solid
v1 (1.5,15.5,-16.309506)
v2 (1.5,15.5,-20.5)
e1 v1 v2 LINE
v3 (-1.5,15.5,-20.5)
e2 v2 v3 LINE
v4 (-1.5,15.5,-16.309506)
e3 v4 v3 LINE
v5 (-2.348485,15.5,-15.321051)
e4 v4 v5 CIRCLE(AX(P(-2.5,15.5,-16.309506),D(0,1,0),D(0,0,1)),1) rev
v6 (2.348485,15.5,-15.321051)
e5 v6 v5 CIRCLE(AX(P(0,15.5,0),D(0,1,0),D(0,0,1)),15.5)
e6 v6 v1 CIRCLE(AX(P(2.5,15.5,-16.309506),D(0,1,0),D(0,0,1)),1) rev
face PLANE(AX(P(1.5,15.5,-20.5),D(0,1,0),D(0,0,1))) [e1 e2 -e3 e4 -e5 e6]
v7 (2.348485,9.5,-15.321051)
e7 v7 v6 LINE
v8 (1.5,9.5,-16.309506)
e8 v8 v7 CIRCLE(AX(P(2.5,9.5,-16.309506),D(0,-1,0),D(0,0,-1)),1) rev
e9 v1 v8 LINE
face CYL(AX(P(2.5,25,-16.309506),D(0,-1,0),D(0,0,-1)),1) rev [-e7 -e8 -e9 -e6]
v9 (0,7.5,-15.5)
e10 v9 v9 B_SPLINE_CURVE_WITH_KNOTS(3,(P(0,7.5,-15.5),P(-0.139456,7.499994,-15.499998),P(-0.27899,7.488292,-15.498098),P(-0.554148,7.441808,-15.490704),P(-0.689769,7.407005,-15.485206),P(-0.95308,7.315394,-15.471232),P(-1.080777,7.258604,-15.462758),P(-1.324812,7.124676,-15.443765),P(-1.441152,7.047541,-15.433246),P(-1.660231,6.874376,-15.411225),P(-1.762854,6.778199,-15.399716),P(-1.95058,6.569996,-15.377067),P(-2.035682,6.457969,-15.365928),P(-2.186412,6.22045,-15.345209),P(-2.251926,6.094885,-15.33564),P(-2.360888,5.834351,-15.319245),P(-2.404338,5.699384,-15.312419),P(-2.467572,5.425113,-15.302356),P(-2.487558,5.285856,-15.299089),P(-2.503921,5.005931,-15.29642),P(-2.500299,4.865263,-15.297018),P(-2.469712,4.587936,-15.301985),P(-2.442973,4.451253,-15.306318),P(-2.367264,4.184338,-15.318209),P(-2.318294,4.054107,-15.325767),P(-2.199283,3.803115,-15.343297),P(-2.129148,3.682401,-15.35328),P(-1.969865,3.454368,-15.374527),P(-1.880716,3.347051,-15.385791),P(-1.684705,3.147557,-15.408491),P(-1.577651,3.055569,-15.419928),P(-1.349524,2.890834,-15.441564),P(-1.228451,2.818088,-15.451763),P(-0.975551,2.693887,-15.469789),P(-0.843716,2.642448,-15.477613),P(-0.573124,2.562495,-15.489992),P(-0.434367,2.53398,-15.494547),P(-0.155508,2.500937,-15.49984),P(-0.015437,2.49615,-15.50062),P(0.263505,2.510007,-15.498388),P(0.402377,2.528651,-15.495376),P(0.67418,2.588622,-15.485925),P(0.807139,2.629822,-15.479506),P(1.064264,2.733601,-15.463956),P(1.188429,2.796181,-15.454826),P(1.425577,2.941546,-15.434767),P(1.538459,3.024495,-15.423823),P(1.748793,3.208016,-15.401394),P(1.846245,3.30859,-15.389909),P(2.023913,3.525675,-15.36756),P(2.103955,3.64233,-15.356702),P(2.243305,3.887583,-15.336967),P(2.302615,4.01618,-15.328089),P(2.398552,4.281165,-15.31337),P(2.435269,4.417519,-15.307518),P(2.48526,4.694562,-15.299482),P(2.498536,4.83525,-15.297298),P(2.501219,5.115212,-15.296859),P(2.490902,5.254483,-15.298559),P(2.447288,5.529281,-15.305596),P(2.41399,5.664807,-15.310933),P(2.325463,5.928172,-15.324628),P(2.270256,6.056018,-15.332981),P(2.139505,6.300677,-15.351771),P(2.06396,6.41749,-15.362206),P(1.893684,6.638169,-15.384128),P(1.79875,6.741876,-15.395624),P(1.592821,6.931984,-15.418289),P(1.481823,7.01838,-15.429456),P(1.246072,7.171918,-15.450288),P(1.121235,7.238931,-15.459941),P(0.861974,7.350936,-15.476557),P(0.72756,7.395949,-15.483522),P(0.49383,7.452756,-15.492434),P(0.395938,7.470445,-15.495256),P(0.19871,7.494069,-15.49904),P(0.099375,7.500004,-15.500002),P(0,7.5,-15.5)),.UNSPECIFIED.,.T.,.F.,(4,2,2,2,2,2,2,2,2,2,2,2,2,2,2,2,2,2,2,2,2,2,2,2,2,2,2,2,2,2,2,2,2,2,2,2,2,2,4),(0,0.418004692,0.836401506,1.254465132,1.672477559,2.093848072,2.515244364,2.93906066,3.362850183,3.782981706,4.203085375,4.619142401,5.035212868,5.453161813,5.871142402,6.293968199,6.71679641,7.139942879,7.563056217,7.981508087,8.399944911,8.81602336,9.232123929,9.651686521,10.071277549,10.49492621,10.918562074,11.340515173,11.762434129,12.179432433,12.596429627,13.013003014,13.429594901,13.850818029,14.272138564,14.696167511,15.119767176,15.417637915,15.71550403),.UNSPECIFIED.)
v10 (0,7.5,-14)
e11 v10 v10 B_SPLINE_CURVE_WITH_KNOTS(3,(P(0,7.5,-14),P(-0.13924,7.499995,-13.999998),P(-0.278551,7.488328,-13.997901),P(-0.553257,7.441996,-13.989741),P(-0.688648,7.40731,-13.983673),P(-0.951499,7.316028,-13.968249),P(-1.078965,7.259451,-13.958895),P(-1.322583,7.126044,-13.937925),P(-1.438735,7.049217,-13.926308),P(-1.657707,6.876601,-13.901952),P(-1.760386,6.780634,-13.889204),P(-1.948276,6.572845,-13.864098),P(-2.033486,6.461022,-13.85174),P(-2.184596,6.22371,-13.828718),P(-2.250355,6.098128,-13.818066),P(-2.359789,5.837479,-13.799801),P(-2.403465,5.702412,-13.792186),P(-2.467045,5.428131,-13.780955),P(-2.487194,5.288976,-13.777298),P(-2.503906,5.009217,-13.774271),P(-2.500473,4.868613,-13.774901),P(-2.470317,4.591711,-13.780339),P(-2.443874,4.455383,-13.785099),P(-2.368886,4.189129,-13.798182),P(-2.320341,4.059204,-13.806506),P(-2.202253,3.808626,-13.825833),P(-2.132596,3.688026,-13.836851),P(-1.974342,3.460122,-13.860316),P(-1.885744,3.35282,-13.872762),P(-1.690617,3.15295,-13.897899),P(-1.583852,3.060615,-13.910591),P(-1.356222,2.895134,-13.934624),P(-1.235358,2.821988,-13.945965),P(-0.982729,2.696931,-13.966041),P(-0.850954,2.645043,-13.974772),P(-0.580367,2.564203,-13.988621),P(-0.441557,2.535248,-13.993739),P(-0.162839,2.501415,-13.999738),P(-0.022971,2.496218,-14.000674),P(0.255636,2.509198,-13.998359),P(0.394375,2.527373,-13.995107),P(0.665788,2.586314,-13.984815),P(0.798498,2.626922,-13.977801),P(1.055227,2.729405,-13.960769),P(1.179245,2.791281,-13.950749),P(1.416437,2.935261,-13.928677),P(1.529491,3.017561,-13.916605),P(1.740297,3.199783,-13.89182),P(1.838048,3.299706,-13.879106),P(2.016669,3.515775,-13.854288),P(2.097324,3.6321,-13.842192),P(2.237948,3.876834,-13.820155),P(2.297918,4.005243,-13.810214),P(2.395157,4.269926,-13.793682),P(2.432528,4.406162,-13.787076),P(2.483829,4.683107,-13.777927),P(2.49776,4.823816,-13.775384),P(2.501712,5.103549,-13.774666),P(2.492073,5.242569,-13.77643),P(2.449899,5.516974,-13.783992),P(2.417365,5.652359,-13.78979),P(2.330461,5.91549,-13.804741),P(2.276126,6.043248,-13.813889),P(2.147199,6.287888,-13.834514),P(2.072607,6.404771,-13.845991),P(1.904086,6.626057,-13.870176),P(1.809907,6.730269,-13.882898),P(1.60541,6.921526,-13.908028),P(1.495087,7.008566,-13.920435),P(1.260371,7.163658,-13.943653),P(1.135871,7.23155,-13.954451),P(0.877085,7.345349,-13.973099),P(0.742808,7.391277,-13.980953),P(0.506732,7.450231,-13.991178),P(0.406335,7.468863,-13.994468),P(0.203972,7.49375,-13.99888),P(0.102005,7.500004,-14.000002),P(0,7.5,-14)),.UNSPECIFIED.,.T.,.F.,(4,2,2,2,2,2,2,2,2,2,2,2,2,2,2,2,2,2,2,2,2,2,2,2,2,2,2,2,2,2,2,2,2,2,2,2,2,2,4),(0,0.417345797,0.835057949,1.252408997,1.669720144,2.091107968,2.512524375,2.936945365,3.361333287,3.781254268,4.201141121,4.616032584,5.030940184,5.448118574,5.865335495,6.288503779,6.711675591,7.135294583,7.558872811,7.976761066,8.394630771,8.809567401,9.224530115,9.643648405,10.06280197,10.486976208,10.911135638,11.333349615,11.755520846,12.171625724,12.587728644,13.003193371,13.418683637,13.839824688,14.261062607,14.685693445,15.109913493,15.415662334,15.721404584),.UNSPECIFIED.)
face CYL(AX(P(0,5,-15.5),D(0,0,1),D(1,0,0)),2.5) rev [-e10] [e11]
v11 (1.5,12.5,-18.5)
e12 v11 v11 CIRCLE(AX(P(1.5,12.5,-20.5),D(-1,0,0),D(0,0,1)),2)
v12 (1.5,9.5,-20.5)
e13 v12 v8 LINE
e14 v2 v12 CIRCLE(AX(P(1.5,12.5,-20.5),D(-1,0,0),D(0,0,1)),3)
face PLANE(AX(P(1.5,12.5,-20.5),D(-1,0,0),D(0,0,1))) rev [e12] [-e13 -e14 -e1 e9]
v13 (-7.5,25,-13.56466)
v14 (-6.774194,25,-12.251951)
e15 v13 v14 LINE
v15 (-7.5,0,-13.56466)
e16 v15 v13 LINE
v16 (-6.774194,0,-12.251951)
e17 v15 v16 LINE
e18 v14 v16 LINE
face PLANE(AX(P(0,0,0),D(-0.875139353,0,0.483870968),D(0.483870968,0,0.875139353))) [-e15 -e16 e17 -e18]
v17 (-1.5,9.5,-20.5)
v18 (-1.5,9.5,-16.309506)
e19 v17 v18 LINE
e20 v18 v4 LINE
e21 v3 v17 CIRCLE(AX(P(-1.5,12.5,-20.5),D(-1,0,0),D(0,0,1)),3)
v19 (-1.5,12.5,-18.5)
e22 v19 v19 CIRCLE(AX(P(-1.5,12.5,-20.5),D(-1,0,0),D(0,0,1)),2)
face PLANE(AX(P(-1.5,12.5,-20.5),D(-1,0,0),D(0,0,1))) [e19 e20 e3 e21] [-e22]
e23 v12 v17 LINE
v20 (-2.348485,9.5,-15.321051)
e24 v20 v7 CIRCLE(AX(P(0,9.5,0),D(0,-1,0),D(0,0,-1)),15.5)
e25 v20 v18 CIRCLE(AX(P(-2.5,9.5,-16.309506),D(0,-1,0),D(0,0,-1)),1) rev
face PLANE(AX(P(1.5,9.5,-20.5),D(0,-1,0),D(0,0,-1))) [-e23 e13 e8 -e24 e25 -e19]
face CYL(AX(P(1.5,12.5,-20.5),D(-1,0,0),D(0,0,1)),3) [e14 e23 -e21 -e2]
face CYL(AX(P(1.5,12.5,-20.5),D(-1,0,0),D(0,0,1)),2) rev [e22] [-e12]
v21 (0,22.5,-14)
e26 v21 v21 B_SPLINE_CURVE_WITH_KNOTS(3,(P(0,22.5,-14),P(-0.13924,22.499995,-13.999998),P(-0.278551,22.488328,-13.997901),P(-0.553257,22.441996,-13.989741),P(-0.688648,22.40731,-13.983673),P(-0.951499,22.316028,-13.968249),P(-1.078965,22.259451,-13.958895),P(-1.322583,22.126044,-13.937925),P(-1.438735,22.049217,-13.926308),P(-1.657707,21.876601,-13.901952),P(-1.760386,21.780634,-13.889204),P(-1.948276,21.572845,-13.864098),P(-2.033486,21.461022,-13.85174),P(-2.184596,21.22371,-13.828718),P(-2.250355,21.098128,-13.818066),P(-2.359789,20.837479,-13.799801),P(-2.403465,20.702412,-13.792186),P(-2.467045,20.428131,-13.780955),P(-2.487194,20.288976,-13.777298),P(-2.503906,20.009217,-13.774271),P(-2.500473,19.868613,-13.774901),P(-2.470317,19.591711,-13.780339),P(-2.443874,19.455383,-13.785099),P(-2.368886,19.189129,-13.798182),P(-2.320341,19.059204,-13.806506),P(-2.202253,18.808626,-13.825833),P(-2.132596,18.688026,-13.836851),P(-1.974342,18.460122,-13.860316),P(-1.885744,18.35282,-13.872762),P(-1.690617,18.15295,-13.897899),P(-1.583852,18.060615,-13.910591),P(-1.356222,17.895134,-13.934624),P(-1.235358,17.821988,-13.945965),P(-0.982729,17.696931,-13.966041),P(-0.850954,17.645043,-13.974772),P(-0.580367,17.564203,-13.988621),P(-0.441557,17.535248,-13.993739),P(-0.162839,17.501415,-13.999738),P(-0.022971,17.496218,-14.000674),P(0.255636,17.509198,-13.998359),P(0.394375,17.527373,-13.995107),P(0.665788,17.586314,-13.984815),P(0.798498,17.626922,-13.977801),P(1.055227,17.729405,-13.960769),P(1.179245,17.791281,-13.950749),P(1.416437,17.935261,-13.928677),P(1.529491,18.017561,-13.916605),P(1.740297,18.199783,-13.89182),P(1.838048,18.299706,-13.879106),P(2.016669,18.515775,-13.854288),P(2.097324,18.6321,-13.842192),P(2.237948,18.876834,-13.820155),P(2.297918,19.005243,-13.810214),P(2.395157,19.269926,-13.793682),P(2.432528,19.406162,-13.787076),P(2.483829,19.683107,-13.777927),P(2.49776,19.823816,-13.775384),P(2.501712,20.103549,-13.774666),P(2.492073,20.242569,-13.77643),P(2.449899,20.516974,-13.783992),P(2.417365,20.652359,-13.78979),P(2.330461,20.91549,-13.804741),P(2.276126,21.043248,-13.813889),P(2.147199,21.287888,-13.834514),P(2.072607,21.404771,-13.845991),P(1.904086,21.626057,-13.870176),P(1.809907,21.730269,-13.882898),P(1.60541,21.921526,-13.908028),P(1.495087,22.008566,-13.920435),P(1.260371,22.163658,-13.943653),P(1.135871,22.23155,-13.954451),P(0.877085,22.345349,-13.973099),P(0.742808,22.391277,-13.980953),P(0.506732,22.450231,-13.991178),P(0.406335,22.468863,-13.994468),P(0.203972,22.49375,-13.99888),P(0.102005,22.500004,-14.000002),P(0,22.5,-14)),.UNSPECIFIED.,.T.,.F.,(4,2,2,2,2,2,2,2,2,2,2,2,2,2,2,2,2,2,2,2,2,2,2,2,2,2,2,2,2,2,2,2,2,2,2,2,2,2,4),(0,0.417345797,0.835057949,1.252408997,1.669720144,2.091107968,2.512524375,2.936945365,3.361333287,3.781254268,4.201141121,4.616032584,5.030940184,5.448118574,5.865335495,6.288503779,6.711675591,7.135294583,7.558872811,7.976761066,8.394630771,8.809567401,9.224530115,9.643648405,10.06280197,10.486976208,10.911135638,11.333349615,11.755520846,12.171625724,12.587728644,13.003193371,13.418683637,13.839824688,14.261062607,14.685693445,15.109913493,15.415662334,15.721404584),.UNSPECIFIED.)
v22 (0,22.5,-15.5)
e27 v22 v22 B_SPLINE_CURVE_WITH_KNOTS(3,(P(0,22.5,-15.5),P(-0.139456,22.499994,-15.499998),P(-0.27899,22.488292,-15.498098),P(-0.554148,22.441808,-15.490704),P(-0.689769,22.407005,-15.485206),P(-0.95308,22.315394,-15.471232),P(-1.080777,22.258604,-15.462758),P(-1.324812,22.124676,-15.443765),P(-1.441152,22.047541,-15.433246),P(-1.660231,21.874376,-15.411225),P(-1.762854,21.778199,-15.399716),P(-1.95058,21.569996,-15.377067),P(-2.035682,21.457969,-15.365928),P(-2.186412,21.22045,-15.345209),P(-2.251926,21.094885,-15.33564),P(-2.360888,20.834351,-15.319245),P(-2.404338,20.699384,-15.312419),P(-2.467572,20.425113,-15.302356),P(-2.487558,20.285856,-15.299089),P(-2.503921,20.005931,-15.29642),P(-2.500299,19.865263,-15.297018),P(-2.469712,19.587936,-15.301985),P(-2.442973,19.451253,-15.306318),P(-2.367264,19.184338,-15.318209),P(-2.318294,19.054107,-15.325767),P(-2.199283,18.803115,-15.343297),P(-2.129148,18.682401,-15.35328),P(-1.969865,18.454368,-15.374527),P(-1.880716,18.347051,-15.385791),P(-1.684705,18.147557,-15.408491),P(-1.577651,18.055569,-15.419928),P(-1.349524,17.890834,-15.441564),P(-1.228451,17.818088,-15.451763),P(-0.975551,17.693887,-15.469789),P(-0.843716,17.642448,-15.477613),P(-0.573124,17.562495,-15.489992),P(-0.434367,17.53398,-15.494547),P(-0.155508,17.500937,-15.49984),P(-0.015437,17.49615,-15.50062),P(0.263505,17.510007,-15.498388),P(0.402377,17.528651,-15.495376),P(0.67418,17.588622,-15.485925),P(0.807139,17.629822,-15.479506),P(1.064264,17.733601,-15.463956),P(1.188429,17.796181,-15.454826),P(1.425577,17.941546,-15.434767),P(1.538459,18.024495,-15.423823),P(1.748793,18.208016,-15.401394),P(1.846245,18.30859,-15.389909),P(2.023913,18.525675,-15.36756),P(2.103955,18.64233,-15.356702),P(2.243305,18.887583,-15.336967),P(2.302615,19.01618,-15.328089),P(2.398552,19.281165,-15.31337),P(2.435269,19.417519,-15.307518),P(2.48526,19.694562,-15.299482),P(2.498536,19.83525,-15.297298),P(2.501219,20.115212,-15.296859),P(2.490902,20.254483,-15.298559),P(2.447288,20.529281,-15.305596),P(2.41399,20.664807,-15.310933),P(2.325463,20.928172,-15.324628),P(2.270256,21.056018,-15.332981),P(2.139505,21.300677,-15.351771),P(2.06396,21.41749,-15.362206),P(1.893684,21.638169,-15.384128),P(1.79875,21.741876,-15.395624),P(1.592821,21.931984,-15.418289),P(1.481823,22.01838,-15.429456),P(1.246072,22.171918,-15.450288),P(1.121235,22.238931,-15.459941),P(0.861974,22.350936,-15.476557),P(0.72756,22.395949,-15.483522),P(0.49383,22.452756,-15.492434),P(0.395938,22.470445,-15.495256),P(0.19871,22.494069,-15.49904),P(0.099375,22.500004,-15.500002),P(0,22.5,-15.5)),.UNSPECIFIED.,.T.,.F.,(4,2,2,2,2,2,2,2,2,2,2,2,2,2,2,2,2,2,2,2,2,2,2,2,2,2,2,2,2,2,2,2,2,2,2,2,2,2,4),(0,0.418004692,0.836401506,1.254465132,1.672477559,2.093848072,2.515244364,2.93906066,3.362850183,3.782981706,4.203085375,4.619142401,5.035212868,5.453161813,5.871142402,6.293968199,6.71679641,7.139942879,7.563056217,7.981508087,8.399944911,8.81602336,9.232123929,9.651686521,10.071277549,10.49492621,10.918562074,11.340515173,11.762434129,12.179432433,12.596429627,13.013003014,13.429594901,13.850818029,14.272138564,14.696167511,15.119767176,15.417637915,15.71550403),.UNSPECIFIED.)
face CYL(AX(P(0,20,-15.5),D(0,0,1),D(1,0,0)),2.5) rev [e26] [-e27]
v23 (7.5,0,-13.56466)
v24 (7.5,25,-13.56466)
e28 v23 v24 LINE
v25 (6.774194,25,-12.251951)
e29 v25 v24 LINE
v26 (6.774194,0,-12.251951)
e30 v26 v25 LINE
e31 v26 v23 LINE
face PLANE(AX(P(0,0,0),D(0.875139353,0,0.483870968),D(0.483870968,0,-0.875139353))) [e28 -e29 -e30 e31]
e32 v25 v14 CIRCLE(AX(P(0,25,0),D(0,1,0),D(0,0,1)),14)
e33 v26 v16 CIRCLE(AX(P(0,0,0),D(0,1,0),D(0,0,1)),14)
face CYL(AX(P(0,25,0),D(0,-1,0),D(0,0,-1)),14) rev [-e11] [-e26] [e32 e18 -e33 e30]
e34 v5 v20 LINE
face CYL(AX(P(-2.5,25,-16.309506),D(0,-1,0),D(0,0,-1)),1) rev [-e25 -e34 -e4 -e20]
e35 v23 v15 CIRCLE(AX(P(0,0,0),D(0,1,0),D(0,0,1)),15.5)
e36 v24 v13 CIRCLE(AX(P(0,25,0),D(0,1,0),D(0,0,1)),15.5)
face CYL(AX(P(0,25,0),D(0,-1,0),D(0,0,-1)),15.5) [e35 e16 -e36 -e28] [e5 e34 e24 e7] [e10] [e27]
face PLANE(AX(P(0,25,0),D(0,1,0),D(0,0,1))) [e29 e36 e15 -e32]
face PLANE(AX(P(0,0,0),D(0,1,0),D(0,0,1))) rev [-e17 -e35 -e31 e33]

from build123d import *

# Parameters (mm, degrees)
SKETCH2_R                = 15.5
SKETCH2_R_2              = 14
BOSS_EXTRUDE1_DEPTH      = 25
SKETCH3_OUTSIDE_W        = 43.094
SKETCH3_OUTSIDE_H        = 43.094
CUT_EXTRUDE1_DEPTH       = 34.249060137
SKETCH5_R                = 2.5
CUT_EXTRUDE2_DEPTH       = 31.356218473
BOSS_EXTRUDE2_DEPTH      = 1.5
BOSS_EXTRUDE2_DEPTH_BACK = 1.5
SKETCH6_R                = 2
FILLET1_R                = 1


with BuildPart() as part:
    # Sketch2 → Boss-Extrude1 (new body)
    with BuildSketch(Plane(origin=(0, 0, 0), x_dir=(1, 0, 0), z_dir=(0, 1, 0))):
        Circle(SKETCH2_R)
        Circle(SKETCH2_R_2, mode=Mode.SUBTRACT)
    extrude(amount=BOSS_EXTRUDE1_DEPTH)

    # Sketch3 outside → Cut-Extrude1 (cut, through all)
    with BuildSketch(Plane(origin=(0, 25, 0), x_dir=(1, 0, 0), z_dir=(0, 1, 0))):
        Rectangle(SKETCH3_OUTSIDE_W, SKETCH3_OUTSIDE_H)
        with BuildLine():
            Line((0, 0), (7.5, 13.564659966))
            ThreePointArc((7.5, 13.564659966), (0, 15.5), (-7.5, 13.564659966))
            Line((-7.5, 13.564659966), (0, 0))
        make_face(mode=Mode.SUBTRACT)
    extrude(amount=-CUT_EXTRUDE1_DEPTH, mode=Mode.SUBTRACT)

    # Sketch5 → Cut-Extrude2 (cut, through all)
    with BuildSketch(Plane.XY):
        with Locations((0, 20)):
            Circle(SKETCH5_R)
        with Locations((0, 5)):
            Circle(SKETCH5_R)
    extrude(amount=-CUT_EXTRUDE2_DEPTH, mode=Mode.SUBTRACT)

    # Sketch6 → Boss-Extrude2 (add, two sides: drawn at the far end of the back side and taken through both)
    with BuildSketch(Plane(origin=(0, 7.5, 0), x_dir=(0, 1, 0), z_dir=(-1, 0, 0)).offset(-BOSS_EXTRUDE2_DEPTH_BACK)):
        with BuildLine():
            Line((2, 20.5), (2, 15.25))
            Line((2, 15.25), (8, 15.25))
            Line((8, 15.25), (8, 20.5))
            ThreePointArc((8, 20.5), (5, 23.5), (2, 20.5))
        make_face()
        with Locations((5, 20.5)):
            Circle(SKETCH6_R, mode=Mode.SUBTRACT)
    extrude(amount=BOSS_EXTRUDE2_DEPTH + BOSS_EXTRUDE2_DEPTH_BACK)

    # Fillet1
    fillet1_edges = [part.edges().sort_by_distance(p)[0] for p in [
        (1.5, 12.5, -15.427248621),
        (-1.5, 12.5, -15.427248621),
    ]]
    fillet(fillet1_edges, radius=FILLET1_R)


solid = part.part
